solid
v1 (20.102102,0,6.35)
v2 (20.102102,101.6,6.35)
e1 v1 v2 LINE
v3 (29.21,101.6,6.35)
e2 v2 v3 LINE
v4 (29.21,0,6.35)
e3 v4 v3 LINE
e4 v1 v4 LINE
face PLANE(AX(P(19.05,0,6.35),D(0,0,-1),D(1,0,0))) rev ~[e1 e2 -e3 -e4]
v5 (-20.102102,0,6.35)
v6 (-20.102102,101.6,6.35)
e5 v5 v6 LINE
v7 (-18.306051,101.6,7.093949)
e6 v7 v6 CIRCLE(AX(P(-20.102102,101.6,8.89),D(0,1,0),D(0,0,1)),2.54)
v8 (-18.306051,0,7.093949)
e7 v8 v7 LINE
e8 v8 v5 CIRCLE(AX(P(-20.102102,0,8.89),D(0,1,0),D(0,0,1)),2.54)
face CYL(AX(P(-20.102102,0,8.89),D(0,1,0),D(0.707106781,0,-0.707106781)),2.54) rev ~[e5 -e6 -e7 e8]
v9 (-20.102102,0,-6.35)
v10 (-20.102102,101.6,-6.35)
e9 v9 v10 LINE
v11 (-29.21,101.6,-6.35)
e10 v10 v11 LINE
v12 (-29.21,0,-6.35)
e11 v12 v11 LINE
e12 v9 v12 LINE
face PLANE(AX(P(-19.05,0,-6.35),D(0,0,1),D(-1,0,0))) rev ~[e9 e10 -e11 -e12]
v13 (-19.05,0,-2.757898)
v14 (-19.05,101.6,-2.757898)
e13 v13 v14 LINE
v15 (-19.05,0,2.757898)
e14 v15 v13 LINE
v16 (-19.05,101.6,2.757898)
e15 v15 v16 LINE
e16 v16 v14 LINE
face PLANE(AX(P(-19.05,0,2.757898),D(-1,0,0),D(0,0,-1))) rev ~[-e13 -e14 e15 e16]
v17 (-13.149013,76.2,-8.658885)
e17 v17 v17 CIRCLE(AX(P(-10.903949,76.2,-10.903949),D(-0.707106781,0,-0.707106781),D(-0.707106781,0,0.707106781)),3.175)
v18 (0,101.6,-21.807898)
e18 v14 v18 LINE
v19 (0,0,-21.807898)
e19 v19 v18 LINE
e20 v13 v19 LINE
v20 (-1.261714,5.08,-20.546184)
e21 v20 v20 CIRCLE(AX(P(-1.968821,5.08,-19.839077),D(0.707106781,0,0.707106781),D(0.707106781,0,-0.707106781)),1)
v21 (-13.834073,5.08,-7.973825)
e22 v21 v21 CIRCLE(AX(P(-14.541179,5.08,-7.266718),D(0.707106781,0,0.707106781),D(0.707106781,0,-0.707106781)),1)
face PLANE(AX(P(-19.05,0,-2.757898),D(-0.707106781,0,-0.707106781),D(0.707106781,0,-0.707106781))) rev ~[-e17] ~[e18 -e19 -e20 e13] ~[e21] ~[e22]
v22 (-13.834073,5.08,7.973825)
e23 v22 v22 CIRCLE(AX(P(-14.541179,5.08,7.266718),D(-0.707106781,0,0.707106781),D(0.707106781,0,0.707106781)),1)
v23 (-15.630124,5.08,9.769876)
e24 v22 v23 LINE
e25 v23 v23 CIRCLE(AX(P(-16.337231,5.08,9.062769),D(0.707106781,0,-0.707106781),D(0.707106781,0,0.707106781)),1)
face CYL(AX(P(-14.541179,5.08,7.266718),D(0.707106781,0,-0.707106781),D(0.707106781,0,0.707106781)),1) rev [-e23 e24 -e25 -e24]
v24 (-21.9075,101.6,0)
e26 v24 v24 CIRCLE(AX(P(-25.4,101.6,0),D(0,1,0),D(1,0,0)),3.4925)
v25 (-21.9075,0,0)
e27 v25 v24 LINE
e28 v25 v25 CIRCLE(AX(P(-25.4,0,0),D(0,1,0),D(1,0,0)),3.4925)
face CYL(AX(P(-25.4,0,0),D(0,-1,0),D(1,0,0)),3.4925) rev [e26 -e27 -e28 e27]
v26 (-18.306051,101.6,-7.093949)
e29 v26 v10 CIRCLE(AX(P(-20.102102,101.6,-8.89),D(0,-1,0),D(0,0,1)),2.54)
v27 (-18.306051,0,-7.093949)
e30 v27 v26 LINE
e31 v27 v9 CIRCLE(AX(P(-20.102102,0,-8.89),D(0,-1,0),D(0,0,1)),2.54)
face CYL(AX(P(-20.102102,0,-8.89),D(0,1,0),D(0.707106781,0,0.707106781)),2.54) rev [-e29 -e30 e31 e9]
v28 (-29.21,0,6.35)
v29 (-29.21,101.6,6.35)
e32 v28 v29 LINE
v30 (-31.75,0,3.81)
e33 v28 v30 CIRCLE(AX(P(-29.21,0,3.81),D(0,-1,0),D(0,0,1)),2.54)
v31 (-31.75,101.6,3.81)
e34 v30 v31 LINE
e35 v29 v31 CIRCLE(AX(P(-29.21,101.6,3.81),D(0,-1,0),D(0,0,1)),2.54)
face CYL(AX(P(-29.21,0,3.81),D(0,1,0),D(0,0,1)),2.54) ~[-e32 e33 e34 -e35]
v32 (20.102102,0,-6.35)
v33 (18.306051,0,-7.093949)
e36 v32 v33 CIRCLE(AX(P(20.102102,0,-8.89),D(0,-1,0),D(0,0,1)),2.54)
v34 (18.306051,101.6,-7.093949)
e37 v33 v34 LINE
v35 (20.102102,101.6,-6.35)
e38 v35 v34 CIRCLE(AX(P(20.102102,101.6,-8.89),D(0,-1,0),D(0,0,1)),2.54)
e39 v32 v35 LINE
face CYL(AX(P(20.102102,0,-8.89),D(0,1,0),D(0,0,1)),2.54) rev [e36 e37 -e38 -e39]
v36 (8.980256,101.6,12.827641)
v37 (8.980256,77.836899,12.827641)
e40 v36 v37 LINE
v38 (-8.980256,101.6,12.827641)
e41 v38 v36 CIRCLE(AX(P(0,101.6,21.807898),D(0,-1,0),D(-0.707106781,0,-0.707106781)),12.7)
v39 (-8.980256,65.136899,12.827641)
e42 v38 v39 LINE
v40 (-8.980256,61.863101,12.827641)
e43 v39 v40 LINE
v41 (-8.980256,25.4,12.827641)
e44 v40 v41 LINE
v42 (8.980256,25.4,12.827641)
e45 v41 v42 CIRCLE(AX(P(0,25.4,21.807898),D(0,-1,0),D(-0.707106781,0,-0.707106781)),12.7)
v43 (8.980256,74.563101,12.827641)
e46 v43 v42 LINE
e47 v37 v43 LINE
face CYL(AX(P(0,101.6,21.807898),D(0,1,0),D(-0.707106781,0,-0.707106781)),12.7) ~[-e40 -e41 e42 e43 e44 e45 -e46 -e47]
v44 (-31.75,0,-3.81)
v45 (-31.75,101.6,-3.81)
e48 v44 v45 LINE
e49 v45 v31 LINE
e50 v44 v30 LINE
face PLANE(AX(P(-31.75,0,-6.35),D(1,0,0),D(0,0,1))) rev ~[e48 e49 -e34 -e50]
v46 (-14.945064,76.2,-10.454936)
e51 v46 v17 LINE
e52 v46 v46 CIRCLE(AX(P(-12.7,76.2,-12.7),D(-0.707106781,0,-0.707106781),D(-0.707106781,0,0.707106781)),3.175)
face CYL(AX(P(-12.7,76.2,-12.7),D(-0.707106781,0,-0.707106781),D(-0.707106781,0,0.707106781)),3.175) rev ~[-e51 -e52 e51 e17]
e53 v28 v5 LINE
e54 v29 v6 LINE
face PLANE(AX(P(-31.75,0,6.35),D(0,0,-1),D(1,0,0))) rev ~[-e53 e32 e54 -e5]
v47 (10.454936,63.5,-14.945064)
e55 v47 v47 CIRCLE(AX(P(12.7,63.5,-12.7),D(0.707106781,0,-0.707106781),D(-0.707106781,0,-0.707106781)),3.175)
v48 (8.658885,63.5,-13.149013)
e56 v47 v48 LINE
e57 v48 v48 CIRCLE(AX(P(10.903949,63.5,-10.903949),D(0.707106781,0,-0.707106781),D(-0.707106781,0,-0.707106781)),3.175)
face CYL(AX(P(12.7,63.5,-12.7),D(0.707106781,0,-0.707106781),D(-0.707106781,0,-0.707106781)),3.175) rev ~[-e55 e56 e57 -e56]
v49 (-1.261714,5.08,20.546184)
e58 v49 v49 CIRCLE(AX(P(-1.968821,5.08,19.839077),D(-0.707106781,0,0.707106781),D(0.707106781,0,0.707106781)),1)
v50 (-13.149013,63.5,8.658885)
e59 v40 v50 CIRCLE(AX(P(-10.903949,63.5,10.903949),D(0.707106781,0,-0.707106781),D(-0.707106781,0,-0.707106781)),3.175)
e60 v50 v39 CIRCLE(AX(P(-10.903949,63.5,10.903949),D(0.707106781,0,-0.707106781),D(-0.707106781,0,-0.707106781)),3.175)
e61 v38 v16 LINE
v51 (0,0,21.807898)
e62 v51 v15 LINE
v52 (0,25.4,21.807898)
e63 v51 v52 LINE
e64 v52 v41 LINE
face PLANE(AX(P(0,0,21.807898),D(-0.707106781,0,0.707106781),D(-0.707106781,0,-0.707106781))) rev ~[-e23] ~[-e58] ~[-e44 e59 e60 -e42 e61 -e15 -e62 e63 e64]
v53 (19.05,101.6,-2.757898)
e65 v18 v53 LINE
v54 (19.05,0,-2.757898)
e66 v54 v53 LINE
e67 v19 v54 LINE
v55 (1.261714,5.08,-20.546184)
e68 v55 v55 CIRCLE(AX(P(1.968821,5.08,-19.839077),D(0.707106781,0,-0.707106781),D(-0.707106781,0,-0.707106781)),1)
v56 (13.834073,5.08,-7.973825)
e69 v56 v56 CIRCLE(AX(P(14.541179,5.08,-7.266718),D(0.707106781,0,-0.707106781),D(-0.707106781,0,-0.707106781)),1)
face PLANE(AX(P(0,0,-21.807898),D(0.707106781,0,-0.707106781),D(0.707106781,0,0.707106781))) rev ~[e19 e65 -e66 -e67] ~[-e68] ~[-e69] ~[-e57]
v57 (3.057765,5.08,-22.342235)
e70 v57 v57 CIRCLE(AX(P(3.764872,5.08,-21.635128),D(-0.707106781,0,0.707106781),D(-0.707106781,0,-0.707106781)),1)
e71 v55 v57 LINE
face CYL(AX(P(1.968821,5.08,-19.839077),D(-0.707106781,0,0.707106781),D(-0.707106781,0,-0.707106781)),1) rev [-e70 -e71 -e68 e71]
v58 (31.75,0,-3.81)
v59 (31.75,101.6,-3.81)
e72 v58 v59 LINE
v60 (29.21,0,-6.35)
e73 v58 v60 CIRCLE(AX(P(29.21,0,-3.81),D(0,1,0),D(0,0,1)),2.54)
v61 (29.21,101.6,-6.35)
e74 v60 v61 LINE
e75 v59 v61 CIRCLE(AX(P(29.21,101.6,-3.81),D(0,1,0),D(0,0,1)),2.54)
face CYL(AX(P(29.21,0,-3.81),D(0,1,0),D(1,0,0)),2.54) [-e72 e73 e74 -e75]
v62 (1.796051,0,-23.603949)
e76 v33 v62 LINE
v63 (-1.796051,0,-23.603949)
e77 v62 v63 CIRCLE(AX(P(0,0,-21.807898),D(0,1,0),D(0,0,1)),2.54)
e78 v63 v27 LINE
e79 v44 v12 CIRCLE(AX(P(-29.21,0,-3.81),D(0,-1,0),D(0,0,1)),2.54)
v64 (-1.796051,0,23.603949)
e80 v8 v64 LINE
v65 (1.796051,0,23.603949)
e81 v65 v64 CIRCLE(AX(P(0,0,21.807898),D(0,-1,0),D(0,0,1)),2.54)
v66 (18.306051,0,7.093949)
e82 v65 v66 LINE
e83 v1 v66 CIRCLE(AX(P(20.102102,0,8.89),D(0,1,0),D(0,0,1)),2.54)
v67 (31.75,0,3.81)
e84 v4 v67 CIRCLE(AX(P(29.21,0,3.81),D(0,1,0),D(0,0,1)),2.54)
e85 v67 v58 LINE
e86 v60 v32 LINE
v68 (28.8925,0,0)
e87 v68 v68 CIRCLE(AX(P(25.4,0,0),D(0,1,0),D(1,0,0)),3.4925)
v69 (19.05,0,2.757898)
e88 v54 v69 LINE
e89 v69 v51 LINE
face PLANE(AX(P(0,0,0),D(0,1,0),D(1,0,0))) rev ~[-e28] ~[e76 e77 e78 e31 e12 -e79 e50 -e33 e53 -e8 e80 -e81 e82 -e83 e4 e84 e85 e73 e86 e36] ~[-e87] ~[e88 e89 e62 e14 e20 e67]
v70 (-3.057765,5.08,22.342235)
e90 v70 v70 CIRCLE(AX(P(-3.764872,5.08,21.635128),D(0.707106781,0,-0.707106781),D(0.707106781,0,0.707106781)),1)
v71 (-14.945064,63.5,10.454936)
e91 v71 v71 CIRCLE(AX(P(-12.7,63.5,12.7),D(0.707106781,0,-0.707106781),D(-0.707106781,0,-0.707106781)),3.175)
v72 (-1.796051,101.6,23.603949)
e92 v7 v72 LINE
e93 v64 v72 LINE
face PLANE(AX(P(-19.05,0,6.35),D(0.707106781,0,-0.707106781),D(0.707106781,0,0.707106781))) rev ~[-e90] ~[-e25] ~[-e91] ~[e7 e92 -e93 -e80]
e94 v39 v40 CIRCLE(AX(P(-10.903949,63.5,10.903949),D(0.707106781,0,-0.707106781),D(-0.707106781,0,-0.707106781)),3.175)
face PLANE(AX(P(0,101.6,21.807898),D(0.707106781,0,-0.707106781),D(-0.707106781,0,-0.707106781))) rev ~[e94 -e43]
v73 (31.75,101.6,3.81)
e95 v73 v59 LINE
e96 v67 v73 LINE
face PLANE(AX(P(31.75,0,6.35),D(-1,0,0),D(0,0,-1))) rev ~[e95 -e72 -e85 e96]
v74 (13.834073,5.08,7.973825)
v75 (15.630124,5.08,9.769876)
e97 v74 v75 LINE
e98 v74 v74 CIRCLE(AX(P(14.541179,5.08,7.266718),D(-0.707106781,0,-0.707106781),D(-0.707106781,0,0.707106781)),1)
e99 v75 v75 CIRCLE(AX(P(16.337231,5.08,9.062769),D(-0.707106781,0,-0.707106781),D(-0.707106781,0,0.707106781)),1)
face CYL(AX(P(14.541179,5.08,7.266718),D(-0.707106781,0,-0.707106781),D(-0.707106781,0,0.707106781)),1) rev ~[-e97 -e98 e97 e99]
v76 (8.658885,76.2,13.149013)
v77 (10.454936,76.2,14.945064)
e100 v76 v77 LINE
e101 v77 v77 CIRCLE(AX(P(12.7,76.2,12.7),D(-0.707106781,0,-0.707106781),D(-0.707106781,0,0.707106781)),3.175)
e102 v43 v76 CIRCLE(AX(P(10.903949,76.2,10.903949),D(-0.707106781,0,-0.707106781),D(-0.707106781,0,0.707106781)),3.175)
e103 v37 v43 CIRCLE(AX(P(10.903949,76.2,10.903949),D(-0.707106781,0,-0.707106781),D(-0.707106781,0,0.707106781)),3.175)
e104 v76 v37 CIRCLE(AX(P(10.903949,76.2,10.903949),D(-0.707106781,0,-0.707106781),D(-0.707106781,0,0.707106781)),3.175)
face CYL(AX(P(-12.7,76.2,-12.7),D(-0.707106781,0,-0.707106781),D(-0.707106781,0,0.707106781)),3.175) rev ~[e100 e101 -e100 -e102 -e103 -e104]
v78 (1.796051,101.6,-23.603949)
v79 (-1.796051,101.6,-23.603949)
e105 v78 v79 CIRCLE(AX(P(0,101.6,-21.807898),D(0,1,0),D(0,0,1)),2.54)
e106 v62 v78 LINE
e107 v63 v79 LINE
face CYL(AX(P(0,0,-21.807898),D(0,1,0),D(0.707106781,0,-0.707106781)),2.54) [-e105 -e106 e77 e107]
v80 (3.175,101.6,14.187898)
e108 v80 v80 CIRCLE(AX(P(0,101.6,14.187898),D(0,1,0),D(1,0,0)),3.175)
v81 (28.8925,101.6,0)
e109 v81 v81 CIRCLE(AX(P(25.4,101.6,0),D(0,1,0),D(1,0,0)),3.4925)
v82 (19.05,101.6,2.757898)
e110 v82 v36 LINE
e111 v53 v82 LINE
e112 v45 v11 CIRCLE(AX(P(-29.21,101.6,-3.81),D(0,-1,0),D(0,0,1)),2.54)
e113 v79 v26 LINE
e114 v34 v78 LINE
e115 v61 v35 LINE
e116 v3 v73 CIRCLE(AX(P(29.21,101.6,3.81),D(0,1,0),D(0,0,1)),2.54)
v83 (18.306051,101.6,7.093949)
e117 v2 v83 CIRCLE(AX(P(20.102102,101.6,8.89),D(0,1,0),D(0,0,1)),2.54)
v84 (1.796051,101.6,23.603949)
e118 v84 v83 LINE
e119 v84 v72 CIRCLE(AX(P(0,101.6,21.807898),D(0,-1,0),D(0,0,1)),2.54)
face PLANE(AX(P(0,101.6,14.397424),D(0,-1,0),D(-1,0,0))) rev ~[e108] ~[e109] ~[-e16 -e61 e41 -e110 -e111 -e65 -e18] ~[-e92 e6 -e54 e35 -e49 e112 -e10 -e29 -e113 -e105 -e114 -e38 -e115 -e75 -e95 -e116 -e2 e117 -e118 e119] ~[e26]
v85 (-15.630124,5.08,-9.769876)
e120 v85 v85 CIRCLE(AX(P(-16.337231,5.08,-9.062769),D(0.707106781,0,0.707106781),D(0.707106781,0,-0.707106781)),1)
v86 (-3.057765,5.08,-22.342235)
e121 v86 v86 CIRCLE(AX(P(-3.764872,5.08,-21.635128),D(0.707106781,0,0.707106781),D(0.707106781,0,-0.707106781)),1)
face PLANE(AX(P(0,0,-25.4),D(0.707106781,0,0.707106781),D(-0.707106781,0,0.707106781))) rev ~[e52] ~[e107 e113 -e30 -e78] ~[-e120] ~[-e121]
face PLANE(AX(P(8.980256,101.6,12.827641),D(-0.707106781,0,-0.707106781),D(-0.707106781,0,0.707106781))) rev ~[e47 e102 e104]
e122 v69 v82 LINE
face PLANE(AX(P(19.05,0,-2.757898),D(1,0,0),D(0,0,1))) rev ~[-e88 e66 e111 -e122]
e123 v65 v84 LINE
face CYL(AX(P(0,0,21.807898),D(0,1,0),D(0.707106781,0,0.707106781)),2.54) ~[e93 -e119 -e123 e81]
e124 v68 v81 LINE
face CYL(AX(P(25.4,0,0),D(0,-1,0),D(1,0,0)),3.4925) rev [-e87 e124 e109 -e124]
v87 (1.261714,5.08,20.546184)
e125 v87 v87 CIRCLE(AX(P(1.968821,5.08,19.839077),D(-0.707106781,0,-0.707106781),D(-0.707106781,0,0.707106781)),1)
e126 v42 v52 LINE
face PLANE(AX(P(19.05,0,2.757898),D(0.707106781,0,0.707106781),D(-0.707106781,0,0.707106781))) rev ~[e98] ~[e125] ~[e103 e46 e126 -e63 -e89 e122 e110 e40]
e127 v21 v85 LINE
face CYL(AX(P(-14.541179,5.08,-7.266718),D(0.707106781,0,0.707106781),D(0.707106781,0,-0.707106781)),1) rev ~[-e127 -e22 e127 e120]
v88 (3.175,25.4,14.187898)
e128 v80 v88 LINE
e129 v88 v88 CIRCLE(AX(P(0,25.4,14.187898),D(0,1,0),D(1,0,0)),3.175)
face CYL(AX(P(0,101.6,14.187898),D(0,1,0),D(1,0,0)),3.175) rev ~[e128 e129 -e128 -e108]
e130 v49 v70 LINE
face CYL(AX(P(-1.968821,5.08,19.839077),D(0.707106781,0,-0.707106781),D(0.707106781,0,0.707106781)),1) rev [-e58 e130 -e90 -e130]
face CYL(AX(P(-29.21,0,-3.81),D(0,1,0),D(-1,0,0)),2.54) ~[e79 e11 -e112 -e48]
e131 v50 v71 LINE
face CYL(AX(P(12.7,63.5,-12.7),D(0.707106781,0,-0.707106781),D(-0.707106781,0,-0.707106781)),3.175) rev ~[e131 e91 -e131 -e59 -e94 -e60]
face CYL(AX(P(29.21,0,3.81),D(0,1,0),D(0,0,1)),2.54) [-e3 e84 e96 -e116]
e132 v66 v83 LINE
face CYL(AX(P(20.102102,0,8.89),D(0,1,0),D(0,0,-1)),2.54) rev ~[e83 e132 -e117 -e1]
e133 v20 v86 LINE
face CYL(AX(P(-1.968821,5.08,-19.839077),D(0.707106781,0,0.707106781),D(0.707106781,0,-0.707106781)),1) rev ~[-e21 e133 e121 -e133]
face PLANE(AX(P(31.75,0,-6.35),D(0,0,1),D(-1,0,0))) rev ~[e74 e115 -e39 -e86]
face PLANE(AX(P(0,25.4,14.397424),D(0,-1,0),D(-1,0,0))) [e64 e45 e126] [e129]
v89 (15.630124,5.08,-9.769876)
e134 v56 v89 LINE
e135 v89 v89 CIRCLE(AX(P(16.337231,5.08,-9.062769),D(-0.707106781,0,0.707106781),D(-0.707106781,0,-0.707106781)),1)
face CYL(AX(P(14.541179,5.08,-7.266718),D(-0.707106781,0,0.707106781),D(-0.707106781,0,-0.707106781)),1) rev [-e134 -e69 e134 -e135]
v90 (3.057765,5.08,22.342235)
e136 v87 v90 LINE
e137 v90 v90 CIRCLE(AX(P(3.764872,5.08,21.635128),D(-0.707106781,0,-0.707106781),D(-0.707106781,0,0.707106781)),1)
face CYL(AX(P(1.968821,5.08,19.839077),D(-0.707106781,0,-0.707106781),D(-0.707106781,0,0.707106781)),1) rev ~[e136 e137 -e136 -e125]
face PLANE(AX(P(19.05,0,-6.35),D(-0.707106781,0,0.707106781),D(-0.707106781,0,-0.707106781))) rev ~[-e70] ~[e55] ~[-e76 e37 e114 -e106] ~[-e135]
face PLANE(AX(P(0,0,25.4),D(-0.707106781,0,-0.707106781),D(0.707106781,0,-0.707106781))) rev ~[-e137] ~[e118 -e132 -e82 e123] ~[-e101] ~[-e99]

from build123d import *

# Parameters (mm, degrees)
SKETCH2_R               = 3.4925
BOSS_EXTRUDE1_DEPTH     = 101.6
FILLET1_R               = 2.54
CUT_EXTRUDE1_START      = -2.54
SKETCH11_R              = 1
CUT_EXTRUDE1_DEPTH      = 25.246691527
MIRROR3_START           = -2.54
MIRROR3_COPY_1_SKETCH_R = 1
MIRROR3_COPY_1_DEPTH    = 25.246691527
SKETCH12_R              = 3.175
CUT_EXTRUDE2_DEPTH      = 22.706691527
CUT_EXTRUDE2_DEPTH_BACK = 58.627716011
SKETCH13_R              = 3.175
CUT_EXTRUDE3_DEPTH      = 22.706691527
CUT_EXTRUDE3_DEPTH_BACK = 58.627716011
SKETCH14_R              = 3.175
BOSS_EXTRUDE2_DEPTH     = 76.2


with BuildPart() as part:
    # Sketch2 → Boss-Extrude1 (new body)
    with BuildSketch(Plane(origin=(0, 0, 0), x_dir=(1, 0, 0), z_dir=(0, 1, 0))):
        Polygon((19.05, -6.35), (31.75, -6.35), (31.75, 6.35), (19.05, 6.35), (0, 25.4), (-19.05, 6.35), (-31.75, 6.35), (-31.75, -6.35), (-19.05, -6.35), (0, -25.4), align=None)
        Polygon((-19.05, 2.757897552), (0, 21.807897552), (19.05, 2.757897552), (19.05, -2.757897552), (0, -21.807897552), (-19.05, -2.757897552), align=None, mode=Mode.SUBTRACT)
        with Locations((25.4, 0)):
            Circle(SKETCH2_R, mode=Mode.SUBTRACT)
        with Locations((-25.4, 0)):
            Circle(SKETCH2_R, mode=Mode.SUBTRACT)
    extrude(amount=BOSS_EXTRUDE1_DEPTH)

    # Fillet1
    fillet1_edges = [part.edges().sort_by_distance(p)[0] for p in [
        (0, 50.8, 25.4),
        (-19.05, 50.8, 6.35),
        (-31.75, 50.8, 6.35),
        (-31.75, 50.8, -6.35),
        (-19.05, 50.8, -6.35),
        (0, 50.8, -25.4),
        (19.05, 50.8, -6.35),
        (31.75, 50.8, -6.35),
        (31.75, 50.8, 6.35),
        (19.05, 50.8, 6.35),
    ]]
    fillet(fillet1_edges, radius=FILLET1_R)

    # Sketch11 → Cut-Extrude1 (cut)
    with BuildSketch(Plane(origin=(12.7, 0, -12.7), x_dir=(-0.707106781, 0, -0.707106781), z_dir=(0.707106781, 0, -0.707106781)).offset(CUT_EXTRUDE1_START)):
        with Locations((-5.143820715, 5.08)):
            Circle(SKETCH11_R)
        with Locations((12.636179285, 5.08)):
            Circle(SKETCH11_R)
    cut_extrude1 = extrude(amount=CUT_EXTRUDE1_DEPTH, mode=Mode.SUBTRACT)

    # Mirror2: Cut-Extrude1 across plane
    add(cut_extrude1.mirror(Plane(origin=(0, 0, 0), x_dir=(0, 0, 1), z_dir=(1, 0, 0))), mode=Mode.SUBTRACT)

    # Mirror3: Cut-Extrude1 across plane
    add(cut_extrude1.mirror(Plane.XY), mode=Mode.SUBTRACT)

    # Mirror3 copy 1 sketch → Mirror3 copy 1 (cut)
    with BuildSketch(Plane(origin=(-12.7, 0, 12.7), x_dir=(0.707106781, 0, 0.707106781), z_dir=(-0.707106781, 0, 0.707106781)).offset(MIRROR3_START)):
        with Locations((-5.143820715, 5.08)):
            Circle(MIRROR3_COPY_1_SKETCH_R)
        with Locations((12.636179285, 5.08)):
            Circle(MIRROR3_COPY_1_SKETCH_R)
    extrude(amount=MIRROR3_COPY_1_DEPTH, mode=Mode.SUBTRACT)

    # Sketch12 → Cut-Extrude2 (cut, two sides)
    with BuildSketch(Plane(origin=(-12.7, 0, -12.7), x_dir=(-0.707106781, 0, 0.707106781), z_dir=(-0.707106781, 0, -0.707106781))) as cut_extrude2_sk:
        with Locations((0, 76.2)):
            Circle(SKETCH12_R)
    extrude(amount=CUT_EXTRUDE2_DEPTH, mode=Mode.SUBTRACT)
    extrude(cut_extrude2_sk.sketch, amount=-CUT_EXTRUDE2_DEPTH_BACK, mode=Mode.SUBTRACT)

    # Sketch13 → Cut-Extrude3 (cut, two sides)
    with BuildSketch(Plane(origin=(12.7, 0, -12.7), x_dir=(-0.707106781, 0, -0.707106781), z_dir=(0.707106781, 0, -0.707106781))) as cut_extrude3_sk:
        with Locations((0, 63.5)):
            Circle(SKETCH13_R)
    extrude(amount=CUT_EXTRUDE3_DEPTH, mode=Mode.SUBTRACT)
    extrude(cut_extrude3_sk.sketch, amount=-CUT_EXTRUDE3_DEPTH_BACK, mode=Mode.SUBTRACT)

    # Sketch14 → Boss-Extrude2 (add)
    with BuildSketch(Plane(origin=(0, 101.6, 0), x_dir=(1, 0, 0), z_dir=(0, 1, 0))):
        with BuildLine():
            Line((8.980256121, -12.827641431), (0, -21.807897552))
            Line((0, -21.807897552), (-8.980256121, -12.827641431))
            ThreePointArc((-8.980256121, -12.827641431), (0, -9.107897552), (8.980256121, -12.827641431))
        make_face()
        with Locations((0, -14.187897552)):
            Circle(SKETCH14_R, mode=Mode.SUBTRACT)
    extrude(amount=-BOSS_EXTRUDE2_DEPTH)


solid = part.part
